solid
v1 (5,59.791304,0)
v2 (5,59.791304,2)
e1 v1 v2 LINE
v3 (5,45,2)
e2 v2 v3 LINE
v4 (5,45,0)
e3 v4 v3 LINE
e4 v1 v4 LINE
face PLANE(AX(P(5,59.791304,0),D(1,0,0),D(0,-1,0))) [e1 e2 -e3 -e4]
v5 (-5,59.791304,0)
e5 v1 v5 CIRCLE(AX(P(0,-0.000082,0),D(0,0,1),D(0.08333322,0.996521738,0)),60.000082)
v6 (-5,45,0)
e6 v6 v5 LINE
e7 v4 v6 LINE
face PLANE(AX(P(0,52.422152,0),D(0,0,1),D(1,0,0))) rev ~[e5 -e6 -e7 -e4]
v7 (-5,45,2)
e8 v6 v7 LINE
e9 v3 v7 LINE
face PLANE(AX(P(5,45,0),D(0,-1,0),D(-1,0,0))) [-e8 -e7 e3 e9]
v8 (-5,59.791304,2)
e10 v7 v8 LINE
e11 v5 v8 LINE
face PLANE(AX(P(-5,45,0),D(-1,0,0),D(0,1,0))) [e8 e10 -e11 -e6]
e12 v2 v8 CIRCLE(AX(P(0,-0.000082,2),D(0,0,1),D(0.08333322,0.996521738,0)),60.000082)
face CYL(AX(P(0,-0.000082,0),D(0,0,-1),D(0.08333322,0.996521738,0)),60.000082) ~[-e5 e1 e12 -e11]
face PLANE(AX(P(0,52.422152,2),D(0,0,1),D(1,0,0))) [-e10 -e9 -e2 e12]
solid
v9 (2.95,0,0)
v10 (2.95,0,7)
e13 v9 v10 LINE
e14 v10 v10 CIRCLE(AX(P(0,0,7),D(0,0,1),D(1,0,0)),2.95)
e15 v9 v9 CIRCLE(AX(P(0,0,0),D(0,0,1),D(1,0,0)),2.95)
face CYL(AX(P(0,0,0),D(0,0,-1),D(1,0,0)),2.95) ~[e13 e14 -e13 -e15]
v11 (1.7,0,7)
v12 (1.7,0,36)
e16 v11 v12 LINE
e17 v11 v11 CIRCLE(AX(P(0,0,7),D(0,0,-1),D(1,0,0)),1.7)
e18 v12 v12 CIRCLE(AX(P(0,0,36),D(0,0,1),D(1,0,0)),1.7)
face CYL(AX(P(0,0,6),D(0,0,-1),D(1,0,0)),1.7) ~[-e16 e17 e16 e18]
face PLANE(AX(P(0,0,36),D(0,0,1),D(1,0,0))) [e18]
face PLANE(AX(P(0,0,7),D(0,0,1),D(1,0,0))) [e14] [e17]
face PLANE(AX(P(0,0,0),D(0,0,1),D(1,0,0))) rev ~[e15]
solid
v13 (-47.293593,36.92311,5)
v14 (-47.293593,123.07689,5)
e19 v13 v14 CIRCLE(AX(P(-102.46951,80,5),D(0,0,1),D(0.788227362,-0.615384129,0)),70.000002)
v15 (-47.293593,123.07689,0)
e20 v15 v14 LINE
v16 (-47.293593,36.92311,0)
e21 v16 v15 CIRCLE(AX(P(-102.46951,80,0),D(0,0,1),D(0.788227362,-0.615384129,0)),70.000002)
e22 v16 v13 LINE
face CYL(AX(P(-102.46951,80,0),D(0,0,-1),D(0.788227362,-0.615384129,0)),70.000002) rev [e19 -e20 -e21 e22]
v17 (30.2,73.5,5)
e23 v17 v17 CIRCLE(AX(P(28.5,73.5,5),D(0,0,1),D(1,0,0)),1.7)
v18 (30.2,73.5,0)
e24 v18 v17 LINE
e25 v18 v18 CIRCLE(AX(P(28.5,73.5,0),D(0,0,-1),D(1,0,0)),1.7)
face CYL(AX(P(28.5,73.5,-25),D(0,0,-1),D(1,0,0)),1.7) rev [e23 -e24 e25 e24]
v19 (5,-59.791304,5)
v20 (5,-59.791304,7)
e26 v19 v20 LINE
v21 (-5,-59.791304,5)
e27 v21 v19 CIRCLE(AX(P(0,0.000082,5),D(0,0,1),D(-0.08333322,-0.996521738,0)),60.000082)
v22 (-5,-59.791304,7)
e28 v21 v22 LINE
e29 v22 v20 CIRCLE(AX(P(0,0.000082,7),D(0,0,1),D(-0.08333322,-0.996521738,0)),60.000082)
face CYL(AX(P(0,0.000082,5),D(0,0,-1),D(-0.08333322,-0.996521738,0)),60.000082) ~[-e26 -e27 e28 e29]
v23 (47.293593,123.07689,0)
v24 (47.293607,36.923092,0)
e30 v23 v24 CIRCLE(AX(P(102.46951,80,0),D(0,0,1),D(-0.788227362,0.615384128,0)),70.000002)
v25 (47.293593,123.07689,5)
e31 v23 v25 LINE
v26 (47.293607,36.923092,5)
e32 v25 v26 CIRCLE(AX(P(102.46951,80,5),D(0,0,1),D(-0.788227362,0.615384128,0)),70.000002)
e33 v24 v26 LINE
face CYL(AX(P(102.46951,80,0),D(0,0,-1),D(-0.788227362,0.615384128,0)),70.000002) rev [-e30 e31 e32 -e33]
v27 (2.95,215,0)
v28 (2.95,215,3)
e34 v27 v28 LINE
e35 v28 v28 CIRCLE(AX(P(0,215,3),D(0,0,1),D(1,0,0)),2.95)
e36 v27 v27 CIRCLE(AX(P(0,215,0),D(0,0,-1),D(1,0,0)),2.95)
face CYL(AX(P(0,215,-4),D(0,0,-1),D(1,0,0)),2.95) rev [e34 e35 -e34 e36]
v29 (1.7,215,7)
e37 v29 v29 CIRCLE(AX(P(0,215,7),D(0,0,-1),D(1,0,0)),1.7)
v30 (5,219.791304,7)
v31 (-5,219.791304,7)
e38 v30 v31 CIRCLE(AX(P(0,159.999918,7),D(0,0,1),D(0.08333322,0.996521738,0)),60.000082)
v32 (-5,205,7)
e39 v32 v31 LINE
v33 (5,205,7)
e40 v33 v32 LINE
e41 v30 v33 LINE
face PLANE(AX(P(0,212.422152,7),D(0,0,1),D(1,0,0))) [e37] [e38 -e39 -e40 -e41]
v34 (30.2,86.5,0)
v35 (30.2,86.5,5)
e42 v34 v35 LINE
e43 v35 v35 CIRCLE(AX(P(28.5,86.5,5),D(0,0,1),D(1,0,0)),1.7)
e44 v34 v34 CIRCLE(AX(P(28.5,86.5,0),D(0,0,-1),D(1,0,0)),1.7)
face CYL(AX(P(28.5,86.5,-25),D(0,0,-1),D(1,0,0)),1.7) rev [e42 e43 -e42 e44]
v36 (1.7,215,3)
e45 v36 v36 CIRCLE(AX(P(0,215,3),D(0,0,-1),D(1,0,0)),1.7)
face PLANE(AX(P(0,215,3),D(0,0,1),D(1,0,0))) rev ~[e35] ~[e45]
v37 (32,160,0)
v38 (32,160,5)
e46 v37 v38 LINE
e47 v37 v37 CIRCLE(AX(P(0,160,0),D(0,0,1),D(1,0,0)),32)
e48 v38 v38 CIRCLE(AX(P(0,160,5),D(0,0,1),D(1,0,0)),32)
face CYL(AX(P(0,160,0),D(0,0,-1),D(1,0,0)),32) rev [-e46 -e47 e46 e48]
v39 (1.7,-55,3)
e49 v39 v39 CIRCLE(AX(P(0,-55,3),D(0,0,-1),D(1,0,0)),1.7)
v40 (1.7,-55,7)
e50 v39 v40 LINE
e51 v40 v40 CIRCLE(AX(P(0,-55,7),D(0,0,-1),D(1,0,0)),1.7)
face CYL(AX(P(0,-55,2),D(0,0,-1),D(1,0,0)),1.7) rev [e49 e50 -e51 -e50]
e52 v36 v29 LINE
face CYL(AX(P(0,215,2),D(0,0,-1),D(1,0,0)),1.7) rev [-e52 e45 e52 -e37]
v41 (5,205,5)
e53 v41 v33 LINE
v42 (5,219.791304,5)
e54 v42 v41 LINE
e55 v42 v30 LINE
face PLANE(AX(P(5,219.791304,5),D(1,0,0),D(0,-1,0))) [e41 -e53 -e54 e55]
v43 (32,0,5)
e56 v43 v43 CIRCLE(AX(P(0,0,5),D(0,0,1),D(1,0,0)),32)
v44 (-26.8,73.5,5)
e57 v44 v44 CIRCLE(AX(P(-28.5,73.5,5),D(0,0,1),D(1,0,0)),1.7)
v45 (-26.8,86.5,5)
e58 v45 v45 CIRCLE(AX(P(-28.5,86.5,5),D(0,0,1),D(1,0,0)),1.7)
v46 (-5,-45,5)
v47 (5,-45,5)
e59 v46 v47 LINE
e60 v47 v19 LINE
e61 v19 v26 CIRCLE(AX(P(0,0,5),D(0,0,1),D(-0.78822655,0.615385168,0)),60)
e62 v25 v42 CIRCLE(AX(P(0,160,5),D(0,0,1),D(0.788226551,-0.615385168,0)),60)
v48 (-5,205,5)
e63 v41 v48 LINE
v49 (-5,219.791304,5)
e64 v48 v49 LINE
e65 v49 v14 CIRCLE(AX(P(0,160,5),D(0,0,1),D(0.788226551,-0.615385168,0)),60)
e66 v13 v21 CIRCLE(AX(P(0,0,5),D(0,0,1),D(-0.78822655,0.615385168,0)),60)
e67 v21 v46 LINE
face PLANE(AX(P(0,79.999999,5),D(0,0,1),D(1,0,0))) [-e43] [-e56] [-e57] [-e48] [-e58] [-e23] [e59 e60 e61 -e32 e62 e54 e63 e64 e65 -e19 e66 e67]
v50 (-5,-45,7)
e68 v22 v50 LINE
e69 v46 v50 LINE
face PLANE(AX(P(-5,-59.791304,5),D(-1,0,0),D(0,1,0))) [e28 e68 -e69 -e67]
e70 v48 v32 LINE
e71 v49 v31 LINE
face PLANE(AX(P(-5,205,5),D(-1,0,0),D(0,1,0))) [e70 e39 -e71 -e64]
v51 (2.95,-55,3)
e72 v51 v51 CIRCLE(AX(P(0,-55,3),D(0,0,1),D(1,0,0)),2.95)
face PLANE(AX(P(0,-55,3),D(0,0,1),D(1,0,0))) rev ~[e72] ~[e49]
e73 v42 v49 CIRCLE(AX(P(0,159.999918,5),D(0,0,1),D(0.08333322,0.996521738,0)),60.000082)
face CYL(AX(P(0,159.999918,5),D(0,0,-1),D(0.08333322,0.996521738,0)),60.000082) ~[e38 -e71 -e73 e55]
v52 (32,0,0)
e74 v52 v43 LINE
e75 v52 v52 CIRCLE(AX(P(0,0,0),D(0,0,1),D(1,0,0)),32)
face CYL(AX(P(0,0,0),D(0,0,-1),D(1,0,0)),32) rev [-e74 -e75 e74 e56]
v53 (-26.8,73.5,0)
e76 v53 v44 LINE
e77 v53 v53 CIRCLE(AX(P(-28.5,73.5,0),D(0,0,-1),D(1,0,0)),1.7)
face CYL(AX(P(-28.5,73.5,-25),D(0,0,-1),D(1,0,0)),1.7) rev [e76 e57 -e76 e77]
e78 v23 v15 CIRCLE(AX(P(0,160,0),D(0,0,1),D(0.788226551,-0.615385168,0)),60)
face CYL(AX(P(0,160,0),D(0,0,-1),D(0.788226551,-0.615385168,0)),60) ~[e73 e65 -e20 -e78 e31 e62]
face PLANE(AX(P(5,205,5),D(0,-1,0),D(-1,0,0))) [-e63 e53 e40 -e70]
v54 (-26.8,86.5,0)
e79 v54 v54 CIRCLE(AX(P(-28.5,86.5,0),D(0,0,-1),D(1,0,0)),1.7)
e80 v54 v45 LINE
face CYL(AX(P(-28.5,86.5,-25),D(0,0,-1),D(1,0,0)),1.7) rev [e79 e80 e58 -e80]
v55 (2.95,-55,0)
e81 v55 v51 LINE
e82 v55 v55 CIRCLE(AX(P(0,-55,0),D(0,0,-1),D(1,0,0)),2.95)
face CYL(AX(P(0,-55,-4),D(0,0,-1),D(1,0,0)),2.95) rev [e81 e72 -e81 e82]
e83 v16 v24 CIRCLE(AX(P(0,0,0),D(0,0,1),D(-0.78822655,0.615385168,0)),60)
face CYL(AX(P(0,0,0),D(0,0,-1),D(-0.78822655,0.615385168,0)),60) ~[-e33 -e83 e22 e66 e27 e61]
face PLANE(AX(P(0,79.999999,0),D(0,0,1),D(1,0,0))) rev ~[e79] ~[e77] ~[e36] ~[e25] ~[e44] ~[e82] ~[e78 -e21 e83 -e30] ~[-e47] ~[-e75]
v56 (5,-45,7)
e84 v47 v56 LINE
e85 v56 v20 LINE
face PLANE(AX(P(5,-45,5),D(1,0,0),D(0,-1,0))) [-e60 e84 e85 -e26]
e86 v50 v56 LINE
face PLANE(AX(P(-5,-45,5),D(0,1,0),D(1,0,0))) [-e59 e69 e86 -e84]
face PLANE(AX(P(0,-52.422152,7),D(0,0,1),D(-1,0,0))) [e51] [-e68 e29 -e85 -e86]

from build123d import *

# Parameters (mm, degrees)
CYLINDER_R               = 2.95
CYLINDER_DEPTH           = 7
CYLINDER001_R            = 1.7
CYLINDER001_DEPTH        = 30
PAD023_DEPTH             = 2
CLONE185_PLACEMENT_ANGLE = 180
SKETCH031_R              = 32
PAD022_DEPTH             = 5


with BuildPart() as m3bolthead:
    # Cylinder → Cylinder (new body)
    with BuildSketch(Plane.XY):
        Circle(CYLINDER_R)
    extrude(amount=CYLINDER_DEPTH)


with BuildPart() as m3bolt:
    # Cylinder001 → Cylinder001 (new body)
    with BuildSketch(Plane.XY.offset(6)):
        Circle(CYLINDER001_R)
    extrude(amount=CYLINDER001_DEPTH)

    # Fusion: union M3BoltHead
    add(m3bolthead.part)


with BuildPart() as art2coversupportmaster:
    # Sketch032 → Pad023 (new body)
    with BuildSketch(Plane.XY):
        with BuildLine():
            ThreePointArc((5, 59.791304), (0, 60), (-5, 59.791304))
            Line((-5, 45), (-5, 59.791304))
            Line((5, 45), (-5, 45))
            Line((5, 59.791304), (5, 45))
        make_face()
    extrude(amount=PAD023_DEPTH)


with BuildPart() as clone_of_m3bolt057:
    # Clone191 base: copy of M3Bolt
    add(m3bolt.part)


with BuildPart() as clone_of_m3bolt057_1:
    # Clone191 placement: moved
    add(clone_of_m3bolt057.part.moved(Location((28.5, 86.5, -31))))


with BuildPart() as clone_of_m3bolt056:
    # Clone190 base: copy of M3Bolt
    add(m3bolt.part)


with BuildPart() as clone_of_m3bolt056_1:
    # Clone190 placement: moved
    add(clone_of_m3bolt056.part.moved(Location((-28.5, 73.5, -31))))


with BuildPart() as clone_of_m3bolt058:
    # Clone192 base: copy of M3Bolt
    add(m3bolt.part)


with BuildPart() as clone_of_m3bolt058_1:
    # Clone192 placement: moved
    add(clone_of_m3bolt058.part.moved(Location((28.5, 73.5, -31))))


with BuildPart() as clone_of_m3bolt053:
    # Clone186 base: copy of M3Bolt
    add(m3bolt.part)


with BuildPart() as clone_of_m3bolt053_1:
    # Clone186 placement: moved
    add(clone_of_m3bolt053.part.moved(Location((0, 215, -4))))


with BuildPart() as clone_of_m3bolt054:
    # Clone187 base: copy of M3Bolt
    add(m3bolt.part)


with BuildPart() as clone_of_m3bolt054_1:
    # Clone187 placement: moved
    add(clone_of_m3bolt054.part.moved(Location((0, -55, -4))))


with BuildPart() as fusion070:
    # Clone189 base: copy of M3Bolt
    add(m3bolt.part)


with BuildPart() as fusion070_1:
    # Clone189 placement: moved
    add(fusion070.part.moved(Location((-28.5, 86.5, -31))))

    # Fusion070: union Clone of M3Bolt057, Clone of M3Bolt056, Clone of M3Bolt058, Clone of M3Bolt053, Clone of M3Bolt054
    add(clone_of_m3bolt057_1.part)
    add(clone_of_m3bolt056_1.part)
    add(clone_of_m3bolt058_1.part)
    add(clone_of_m3bolt053_1.part)
    add(clone_of_m3bolt054_1.part)


with BuildPart() as clone_of_art2coversupportmaster001:
    # Clone185 base: copy of Art2CoverSupportMaster
    add(art2coversupportmaster.part)


with BuildPart() as clone_of_art2coversupportmaster001_1:
    # Clone185 placement: moved
    add(clone_of_art2coversupportmaster001.part.moved(Location((0, 0, 5))).rotate(Axis((0, 0, 5), (0, 0, 1)), CLONE185_PLACEMENT_ANGLE))


with BuildPart() as clone_of_art2coversupportmaster:
    # Clone184 base: copy of Art2CoverSupportMaster
    add(art2coversupportmaster.part)


with BuildPart() as clone_of_art2coversupportmaster_1:
    # Clone184 placement: moved
    add(clone_of_art2coversupportmaster.part.moved(Location((0, 160, 5))))


with BuildPart() as art2bodybcover:
    # Sketch031 → Pad022 (new body)
    with BuildSketch(Plane.XY):
        with BuildLine():
            ThreePointArc((-47.293593, 36.92311), (-1.1e-05, -60), (47.293607, 36.923092))
            ThreePointArc((47.293593, 123.07689), (32.469508, 79.999989), (47.293607, 36.923092))
            ThreePointArc((47.293593, 123.07689), (0, 220), (-47.293593, 123.07689))
            ThreePointArc((-47.293593, 36.92311), (-32.469508, 80), (-47.293593, 123.07689))
        make_face()
        Circle(SKETCH031_R, mode=Mode.SUBTRACT)
        with Locations((0, 160)):
            Circle(SKETCH031_R, mode=Mode.SUBTRACT)
    extrude(amount=PAD022_DEPTH)

    # Fusion067: union Clone of Art2CoverSupportMaster001, Clone of Art2CoverSupportMaster
    add(clone_of_art2coversupportmaster001_1.part)
    add(clone_of_art2coversupportmaster_1.part)

    # Cut059: cut Fusion070
    add(fusion070_1.part, mode=Mode.SUBTRACT)


solid = Compound([m3bolt.part, art2coversupportmaster.part, art2bodybcover.part])
